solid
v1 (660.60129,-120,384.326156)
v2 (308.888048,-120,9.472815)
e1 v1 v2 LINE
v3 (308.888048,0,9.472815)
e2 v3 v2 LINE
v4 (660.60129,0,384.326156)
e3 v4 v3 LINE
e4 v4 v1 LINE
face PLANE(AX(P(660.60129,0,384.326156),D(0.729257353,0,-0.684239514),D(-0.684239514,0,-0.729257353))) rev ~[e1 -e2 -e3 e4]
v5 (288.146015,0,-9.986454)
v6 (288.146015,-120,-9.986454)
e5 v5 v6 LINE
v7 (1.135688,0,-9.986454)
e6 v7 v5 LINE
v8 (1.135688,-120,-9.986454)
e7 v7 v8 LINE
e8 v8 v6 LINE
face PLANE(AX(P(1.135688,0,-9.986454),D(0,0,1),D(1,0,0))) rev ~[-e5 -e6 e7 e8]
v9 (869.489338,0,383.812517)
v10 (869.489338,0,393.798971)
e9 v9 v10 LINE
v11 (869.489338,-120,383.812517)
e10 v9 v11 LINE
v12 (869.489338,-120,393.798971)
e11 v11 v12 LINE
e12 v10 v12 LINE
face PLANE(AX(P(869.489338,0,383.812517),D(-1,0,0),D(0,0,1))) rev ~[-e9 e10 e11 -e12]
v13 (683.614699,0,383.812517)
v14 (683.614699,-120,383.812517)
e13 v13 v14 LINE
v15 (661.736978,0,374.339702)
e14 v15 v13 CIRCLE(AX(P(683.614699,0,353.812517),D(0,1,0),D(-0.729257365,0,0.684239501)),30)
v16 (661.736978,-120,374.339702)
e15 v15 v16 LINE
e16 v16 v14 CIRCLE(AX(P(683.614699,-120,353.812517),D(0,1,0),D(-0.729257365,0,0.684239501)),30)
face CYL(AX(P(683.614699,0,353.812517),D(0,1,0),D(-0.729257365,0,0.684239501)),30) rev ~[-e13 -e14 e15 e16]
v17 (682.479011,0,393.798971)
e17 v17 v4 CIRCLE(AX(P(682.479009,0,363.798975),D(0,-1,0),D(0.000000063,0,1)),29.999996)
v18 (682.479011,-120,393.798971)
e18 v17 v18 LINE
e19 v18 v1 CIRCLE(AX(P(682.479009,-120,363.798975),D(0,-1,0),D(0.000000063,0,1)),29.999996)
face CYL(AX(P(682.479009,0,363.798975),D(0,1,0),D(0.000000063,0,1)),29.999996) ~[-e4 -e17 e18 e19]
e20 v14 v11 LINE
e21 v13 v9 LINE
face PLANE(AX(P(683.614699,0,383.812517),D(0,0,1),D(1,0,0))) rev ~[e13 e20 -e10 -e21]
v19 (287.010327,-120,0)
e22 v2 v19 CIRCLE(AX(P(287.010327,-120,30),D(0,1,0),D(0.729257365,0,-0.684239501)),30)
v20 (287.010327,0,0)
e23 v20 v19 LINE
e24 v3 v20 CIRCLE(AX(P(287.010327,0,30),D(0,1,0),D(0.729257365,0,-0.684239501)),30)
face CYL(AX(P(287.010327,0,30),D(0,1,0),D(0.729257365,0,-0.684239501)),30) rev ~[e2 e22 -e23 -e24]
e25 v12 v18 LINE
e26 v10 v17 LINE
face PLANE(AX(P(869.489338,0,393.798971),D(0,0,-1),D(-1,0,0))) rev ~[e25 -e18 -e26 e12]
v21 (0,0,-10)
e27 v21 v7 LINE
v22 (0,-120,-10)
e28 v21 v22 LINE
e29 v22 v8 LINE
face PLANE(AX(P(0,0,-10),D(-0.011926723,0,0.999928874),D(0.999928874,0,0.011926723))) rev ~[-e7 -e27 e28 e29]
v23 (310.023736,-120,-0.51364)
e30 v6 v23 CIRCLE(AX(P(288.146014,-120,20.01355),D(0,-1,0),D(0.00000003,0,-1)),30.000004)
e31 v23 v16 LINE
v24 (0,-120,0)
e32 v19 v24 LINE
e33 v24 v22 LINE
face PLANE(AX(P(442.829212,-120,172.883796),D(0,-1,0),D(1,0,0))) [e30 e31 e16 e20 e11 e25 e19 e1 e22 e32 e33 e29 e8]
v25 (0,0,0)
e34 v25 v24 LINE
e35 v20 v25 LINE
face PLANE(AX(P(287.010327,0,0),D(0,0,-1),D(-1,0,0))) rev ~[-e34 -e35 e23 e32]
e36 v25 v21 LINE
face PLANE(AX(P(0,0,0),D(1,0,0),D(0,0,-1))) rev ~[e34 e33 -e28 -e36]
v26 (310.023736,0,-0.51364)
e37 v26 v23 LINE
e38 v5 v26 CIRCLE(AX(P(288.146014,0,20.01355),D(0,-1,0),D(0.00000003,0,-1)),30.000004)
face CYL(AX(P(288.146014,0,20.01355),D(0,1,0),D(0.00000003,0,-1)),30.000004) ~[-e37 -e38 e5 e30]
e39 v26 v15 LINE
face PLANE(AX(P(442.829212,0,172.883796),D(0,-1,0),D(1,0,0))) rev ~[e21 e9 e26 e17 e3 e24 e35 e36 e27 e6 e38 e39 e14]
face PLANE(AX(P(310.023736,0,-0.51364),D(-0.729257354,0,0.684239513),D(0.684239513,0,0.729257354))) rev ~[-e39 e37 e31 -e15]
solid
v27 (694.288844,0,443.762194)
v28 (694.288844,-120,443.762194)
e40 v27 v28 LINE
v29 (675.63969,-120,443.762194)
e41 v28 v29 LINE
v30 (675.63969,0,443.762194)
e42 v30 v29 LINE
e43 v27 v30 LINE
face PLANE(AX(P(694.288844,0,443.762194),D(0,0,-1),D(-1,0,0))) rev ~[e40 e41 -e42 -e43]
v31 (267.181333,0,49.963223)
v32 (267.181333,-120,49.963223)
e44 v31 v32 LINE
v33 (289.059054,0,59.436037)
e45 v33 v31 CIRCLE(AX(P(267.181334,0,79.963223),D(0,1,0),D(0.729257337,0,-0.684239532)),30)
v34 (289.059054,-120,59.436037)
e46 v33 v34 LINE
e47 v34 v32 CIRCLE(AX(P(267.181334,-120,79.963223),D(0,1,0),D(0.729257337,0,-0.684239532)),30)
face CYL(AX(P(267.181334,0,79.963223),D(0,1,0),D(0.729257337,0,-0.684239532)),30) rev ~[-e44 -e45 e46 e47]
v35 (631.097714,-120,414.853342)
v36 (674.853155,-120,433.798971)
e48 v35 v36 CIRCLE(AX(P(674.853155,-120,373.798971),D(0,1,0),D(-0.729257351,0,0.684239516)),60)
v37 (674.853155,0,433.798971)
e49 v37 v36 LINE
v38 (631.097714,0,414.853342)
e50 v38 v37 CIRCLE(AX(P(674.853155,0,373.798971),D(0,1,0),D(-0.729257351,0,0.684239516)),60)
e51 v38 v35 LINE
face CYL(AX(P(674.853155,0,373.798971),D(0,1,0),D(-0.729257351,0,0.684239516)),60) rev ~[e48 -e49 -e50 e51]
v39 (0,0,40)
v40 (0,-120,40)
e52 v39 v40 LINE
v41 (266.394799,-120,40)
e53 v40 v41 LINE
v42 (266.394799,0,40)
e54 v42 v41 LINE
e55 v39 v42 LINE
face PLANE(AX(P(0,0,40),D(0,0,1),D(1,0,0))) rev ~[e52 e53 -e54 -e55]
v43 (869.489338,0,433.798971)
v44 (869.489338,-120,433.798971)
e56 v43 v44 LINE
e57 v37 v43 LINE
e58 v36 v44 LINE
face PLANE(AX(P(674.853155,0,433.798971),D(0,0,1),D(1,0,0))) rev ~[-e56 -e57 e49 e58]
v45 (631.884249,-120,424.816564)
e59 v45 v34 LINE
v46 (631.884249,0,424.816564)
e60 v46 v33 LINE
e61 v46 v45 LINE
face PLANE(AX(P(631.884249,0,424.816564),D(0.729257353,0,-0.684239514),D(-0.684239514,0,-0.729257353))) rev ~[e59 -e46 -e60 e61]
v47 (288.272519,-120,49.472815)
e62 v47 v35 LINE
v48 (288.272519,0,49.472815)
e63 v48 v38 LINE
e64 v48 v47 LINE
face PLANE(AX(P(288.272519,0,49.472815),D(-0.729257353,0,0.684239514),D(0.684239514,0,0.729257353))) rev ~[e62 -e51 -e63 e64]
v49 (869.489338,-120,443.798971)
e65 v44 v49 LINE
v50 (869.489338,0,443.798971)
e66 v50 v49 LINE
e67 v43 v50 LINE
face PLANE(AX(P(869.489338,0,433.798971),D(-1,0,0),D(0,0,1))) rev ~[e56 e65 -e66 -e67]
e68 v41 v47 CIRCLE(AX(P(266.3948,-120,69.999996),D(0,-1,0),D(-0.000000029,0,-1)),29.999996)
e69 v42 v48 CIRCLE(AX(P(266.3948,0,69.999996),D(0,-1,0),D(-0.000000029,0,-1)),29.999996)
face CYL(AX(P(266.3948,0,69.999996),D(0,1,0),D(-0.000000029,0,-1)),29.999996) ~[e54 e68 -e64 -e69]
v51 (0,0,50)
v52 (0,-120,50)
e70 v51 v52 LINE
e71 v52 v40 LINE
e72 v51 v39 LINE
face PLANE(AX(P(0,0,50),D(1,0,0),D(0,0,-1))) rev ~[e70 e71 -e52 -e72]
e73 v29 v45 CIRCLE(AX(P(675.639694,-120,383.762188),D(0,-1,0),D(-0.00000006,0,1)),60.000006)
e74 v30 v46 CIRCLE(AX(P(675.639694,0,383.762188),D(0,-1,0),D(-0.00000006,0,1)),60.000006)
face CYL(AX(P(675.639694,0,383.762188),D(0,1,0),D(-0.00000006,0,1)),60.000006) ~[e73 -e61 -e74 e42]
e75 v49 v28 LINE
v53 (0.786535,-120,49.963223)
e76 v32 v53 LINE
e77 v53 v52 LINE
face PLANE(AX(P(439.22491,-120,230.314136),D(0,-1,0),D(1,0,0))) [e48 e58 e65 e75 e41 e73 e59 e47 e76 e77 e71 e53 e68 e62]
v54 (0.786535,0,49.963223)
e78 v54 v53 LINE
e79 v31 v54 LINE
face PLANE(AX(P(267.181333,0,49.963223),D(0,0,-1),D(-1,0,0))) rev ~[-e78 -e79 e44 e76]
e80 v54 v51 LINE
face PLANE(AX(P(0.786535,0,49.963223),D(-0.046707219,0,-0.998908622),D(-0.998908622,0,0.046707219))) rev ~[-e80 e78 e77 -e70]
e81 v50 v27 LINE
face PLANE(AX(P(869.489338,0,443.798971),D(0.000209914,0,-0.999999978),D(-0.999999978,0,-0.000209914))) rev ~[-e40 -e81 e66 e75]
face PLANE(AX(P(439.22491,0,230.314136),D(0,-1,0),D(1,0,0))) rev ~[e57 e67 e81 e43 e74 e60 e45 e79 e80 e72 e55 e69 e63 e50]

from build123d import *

# Parameters (mm, degrees)
F1_DEPTH = 120


with BuildPart() as f1:
    # F0 (on Front) → F1 (new body)
    with BuildSketch(Plane.XZ):
        with BuildLine():
            Line((287.010327, 0), (0, 0))
            Line((0, 0), (0, -10))
            Line((0, -10), (1.135688, -9.986454))
            Line((1.135688, -9.986454), (288.146015, -9.986454))
            ThreePointArc((288.146015, -9.986454), (300.066259, -7.516579), (310.023736, -0.51364))
            Line((310.023736, -0.51364), (661.736978, 374.339702))
            ThreePointArc((661.736978, 374.339702), (671.694455, 381.342642), (683.614699, 383.812517))
            Line((683.614699, 383.812517), (869.489338, 383.812517))
            Line((869.489338, 383.812517), (869.489338, 393.798971))
            Line((869.489338, 393.798971), (682.479011, 393.798971))
            ThreePointArc((682.479011, 393.798971), (670.558766, 391.329096), (660.60129, 384.326156))
            Line((660.60129, 384.326156), (308.888048, 9.472815))
            ThreePointArc((308.888048, 9.472815), (298.930571, 2.469875), (287.010327, 0))
        make_face()
        with BuildLine():
            Line((0, 50), (0, 40))
            Line((0, 40), (266.394799, 40))
            ThreePointArc((266.394799, 40), (278.315043, 42.469875), (288.272519, 49.472815))
            Line((288.272519, 49.472815), (631.097714, 414.853342))
            ThreePointArc((631.097714, 414.853342), (651.012667, 428.859221), (674.853155, 433.798971))
            Line((674.853155, 433.798971), (869.489338, 433.798971))
            Line((869.489338, 433.798971), (869.489338, 443.798971))
            Line((869.489338, 443.798971), (694.288844, 443.762194))
            Line((694.288844, 443.762194), (675.63969, 443.762194))
            ThreePointArc((675.63969, 443.762194), (651.799202, 438.822443), (631.884249, 424.816564))
            Line((631.884249, 424.816564), (289.059054, 59.436037))
            ThreePointArc((289.059054, 59.436037), (279.101578, 52.433098), (267.181333, 49.963223))
            Line((267.181333, 49.963223), (0.786535, 49.963223))
            Line((0.786535, 49.963223), (0, 50))
        make_face()
    extrude(amount=F1_DEPTH)


solid = f1.part
